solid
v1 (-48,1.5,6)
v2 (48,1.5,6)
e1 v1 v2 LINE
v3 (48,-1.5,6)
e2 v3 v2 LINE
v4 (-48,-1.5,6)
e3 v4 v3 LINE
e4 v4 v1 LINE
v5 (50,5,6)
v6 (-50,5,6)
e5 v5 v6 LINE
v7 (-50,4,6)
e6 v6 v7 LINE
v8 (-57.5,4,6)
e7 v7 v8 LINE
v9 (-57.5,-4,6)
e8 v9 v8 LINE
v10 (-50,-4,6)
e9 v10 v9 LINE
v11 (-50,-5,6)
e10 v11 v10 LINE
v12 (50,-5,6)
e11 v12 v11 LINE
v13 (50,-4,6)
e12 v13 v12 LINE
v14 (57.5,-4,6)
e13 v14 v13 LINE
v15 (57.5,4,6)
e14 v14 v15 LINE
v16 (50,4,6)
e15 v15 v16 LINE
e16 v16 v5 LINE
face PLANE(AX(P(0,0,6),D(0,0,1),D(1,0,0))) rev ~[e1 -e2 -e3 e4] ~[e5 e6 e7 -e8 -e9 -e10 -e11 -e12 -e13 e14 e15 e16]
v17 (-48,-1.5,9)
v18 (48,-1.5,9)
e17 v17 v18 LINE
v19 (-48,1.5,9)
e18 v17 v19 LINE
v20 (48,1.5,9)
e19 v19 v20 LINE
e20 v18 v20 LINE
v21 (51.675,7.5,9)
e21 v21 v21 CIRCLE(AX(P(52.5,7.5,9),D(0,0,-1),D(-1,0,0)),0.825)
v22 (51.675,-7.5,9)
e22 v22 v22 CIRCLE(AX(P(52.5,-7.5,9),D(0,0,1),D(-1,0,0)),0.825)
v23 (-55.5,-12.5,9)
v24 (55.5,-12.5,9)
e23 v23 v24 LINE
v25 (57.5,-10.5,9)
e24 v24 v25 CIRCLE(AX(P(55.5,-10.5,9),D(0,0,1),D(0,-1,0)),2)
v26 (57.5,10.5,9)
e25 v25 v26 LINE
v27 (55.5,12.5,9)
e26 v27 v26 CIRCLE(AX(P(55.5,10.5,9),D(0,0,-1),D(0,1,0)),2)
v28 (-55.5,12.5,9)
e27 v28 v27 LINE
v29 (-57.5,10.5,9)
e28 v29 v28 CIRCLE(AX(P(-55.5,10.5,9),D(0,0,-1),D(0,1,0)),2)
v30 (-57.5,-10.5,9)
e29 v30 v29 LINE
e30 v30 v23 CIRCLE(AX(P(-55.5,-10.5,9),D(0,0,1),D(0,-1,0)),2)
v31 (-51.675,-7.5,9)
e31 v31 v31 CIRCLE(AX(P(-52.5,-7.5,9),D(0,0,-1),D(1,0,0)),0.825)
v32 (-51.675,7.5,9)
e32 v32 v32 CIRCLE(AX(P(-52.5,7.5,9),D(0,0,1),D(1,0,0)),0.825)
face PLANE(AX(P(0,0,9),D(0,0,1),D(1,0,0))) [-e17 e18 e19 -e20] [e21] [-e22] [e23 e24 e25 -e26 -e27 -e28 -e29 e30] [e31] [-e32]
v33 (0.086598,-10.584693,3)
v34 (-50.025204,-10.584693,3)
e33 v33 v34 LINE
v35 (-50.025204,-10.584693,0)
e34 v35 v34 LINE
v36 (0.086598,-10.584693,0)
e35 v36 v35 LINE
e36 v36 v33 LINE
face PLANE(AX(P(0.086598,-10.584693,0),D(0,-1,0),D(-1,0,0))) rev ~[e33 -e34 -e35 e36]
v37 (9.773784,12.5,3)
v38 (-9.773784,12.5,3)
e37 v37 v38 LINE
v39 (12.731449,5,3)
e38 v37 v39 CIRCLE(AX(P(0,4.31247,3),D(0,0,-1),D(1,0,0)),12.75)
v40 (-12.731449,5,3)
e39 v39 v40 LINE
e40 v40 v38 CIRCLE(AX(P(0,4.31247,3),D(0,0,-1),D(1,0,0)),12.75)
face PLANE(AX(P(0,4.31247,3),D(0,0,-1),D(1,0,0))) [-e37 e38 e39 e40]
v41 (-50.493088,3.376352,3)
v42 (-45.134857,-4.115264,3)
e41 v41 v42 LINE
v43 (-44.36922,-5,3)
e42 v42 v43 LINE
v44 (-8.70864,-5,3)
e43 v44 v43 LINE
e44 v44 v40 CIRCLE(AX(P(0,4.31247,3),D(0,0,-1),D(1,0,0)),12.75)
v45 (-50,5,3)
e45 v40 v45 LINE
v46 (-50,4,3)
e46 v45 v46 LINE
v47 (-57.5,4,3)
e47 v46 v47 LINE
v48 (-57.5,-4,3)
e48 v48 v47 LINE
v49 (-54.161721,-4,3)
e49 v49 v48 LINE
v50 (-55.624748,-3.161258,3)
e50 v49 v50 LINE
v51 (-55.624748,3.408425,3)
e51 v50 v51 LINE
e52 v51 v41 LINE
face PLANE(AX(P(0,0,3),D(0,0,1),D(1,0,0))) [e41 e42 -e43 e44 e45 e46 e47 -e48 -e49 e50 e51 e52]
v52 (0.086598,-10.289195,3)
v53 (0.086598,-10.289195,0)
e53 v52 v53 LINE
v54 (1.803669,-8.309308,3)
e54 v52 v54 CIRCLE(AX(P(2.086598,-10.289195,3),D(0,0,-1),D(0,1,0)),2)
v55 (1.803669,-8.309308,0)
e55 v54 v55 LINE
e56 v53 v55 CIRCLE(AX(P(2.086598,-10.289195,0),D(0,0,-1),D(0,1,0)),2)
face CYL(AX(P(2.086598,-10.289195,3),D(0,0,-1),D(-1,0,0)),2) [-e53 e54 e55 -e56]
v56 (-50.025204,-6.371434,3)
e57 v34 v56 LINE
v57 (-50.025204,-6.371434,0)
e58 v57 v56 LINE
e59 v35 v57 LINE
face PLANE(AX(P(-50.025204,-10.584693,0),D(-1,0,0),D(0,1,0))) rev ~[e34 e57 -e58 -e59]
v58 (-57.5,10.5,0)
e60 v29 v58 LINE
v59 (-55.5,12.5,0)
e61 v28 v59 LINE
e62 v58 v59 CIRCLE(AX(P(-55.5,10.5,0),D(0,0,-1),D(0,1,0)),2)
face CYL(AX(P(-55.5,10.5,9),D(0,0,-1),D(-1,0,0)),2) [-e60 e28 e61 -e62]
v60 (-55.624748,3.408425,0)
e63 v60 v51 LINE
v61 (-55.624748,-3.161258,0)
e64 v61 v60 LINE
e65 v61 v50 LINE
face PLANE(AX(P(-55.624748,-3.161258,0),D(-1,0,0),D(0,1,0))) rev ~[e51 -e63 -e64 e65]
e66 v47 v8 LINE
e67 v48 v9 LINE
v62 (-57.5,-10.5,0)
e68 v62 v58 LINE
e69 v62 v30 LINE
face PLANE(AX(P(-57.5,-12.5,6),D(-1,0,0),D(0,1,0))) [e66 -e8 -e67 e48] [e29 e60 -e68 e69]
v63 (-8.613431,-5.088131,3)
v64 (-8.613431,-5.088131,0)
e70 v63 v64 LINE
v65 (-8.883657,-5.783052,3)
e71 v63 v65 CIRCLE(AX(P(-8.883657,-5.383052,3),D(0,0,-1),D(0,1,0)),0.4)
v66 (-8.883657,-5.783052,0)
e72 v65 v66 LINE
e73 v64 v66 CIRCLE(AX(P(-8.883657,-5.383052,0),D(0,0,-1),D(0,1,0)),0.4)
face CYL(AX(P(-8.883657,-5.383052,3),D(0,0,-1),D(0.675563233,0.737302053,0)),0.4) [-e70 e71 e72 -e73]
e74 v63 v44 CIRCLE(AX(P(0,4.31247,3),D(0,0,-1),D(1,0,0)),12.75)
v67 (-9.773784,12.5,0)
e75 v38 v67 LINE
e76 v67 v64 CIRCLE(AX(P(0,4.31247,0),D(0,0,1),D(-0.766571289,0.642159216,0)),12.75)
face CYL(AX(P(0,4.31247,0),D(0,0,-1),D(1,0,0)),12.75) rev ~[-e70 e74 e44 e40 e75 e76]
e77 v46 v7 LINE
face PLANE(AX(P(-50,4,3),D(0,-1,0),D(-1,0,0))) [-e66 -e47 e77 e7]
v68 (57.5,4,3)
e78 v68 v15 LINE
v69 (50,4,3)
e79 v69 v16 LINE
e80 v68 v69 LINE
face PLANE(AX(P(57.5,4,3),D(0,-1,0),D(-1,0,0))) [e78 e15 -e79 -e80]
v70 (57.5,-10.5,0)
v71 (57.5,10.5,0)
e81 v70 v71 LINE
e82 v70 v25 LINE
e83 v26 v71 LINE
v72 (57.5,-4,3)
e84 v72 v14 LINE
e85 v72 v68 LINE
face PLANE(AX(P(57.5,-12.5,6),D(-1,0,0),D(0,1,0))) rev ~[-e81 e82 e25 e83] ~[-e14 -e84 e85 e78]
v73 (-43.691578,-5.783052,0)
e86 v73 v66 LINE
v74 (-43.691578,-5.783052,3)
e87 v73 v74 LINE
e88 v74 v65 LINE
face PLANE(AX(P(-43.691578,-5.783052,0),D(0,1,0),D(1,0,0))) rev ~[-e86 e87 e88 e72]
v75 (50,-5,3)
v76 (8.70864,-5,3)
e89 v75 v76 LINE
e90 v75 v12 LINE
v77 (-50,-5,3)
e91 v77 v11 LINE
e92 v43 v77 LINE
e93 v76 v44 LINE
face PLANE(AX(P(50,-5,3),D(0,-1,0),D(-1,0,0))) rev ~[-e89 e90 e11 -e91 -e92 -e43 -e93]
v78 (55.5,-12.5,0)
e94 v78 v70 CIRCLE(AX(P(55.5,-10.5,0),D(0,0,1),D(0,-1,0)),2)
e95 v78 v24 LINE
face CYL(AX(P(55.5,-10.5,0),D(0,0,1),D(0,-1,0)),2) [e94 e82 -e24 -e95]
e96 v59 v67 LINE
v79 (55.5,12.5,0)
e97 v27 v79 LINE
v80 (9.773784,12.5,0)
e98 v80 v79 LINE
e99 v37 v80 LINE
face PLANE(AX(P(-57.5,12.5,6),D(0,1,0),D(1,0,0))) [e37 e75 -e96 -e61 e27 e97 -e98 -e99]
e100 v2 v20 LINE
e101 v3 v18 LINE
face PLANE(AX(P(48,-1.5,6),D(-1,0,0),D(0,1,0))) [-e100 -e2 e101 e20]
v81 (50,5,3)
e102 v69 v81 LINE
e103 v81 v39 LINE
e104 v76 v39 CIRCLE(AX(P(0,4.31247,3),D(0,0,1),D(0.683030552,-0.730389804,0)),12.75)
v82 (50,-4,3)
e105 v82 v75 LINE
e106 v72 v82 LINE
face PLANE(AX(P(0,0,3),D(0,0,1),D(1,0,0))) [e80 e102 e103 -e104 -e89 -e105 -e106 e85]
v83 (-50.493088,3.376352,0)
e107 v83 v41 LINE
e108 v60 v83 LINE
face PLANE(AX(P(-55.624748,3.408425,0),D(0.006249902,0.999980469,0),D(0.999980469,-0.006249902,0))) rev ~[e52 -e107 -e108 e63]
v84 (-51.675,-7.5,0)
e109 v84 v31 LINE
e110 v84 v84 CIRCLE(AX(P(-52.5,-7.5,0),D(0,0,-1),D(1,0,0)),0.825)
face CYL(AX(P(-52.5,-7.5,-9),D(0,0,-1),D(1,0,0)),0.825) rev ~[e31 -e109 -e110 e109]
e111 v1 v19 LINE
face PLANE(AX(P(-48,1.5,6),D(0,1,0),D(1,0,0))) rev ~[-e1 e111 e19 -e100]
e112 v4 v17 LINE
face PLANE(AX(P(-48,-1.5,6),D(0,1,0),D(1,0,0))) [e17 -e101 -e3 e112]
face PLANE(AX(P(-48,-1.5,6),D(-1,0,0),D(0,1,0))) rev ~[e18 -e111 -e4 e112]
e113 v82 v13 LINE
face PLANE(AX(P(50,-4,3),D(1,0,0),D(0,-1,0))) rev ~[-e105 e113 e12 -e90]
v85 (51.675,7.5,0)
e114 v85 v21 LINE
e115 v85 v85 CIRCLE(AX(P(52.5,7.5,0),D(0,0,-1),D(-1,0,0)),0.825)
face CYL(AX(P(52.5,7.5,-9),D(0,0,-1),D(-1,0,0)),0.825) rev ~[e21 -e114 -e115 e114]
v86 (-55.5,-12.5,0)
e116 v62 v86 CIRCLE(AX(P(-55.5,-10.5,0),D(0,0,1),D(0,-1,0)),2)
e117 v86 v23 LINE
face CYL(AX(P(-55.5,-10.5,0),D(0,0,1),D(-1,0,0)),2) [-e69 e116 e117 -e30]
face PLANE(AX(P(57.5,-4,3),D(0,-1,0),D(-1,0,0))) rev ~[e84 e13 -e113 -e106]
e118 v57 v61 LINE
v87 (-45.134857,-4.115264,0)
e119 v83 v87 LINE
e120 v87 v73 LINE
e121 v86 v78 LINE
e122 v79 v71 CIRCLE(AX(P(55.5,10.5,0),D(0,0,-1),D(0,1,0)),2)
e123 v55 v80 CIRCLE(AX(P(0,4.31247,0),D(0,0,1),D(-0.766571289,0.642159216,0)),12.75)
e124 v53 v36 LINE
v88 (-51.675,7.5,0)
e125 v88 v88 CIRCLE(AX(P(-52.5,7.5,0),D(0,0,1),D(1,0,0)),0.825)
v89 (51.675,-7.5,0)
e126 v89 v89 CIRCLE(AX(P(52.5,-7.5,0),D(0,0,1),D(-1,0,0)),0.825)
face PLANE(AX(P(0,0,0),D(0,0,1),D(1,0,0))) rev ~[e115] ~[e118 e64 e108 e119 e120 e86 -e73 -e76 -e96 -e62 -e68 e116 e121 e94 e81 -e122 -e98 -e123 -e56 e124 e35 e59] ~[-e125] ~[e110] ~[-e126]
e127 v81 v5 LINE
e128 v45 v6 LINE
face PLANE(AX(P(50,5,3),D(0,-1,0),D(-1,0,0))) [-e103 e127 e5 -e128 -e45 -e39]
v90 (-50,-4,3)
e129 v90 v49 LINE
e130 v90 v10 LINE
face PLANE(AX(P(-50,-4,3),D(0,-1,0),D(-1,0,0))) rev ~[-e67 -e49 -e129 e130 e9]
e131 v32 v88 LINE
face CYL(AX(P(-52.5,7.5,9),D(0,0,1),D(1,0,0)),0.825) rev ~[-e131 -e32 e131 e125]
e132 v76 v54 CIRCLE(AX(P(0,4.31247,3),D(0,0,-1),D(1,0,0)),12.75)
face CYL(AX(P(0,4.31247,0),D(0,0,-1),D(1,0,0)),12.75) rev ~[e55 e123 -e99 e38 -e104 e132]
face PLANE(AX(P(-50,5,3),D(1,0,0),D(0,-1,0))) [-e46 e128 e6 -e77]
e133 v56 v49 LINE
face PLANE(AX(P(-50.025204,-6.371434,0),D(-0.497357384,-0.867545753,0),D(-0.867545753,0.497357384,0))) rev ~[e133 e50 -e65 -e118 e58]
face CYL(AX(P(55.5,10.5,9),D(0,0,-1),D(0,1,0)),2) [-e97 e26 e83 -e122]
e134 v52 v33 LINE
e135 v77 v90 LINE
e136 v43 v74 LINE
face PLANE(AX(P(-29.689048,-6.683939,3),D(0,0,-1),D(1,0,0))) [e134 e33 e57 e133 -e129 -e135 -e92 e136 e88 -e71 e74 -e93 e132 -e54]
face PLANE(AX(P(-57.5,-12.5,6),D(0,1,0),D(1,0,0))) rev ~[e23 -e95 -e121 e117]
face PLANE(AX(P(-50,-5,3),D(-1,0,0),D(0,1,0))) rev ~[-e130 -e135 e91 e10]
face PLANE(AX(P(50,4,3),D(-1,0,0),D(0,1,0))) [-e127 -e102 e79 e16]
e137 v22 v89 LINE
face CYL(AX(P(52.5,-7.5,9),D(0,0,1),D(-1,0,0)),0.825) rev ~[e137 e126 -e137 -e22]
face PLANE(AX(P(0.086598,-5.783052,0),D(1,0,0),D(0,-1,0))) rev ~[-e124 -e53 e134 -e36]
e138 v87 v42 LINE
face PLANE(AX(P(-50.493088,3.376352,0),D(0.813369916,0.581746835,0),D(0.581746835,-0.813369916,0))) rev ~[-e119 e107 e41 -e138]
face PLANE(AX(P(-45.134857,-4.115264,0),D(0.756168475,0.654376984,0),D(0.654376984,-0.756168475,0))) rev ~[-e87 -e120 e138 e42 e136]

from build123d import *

# Parameters (mm, degrees)
SKETCH_W              = 115
SKETCH_H              = 25
PAD_DEPTH             = 3
PAD001_DEPTH          = 3
SKETCH002_W           = 115
SKETCH002_H           = 25
SKETCH002_W_2         = 96
SKETCH002_H_2         = 3
PAD002_DEPTH          = 3
SKETCH003_R           = 0.825
POCKET_DEPTH          = 245.060315
POLARPATTERN_COUNT    = 2
POLARPATTERN001_COUNT = 2
POLARPATTERN002_COUNT = 2
FILLET_R              = 2
SKETCH004_R           = 12.75
POCKET001_DEPTH       = 3
POCKET002_DEPTH       = 3
FILLET001_R           = 0.4
FILLET002_R           = 2


with BuildPart() as part:
    # Sketch → Pad (new body)
    with BuildSketch(Plane.XY):
        Rectangle(SKETCH_W, SKETCH_H)
    extrude(amount=PAD_DEPTH)

    # Sketch001 (on Face6 of Pad) → Pad001 (join)
    with BuildSketch(Plane.XY.offset(3)):
        Polygon((-57.5, 12.5), (57.5, 12.5), (57.5, 4), (50, 4), (50, 5), (-50, 5), (-50, 4), (-57.5, 4), align=None)
        Polygon((-57.5, -12.5), (57.5, -12.5), (57.5, -4), (50, -4), (50, -5), (-50, -5), (-50, -4), (-57.5, -4), align=None)
    extrude(amount=PAD001_DEPTH)

    # Sketch002 (on Face12 of Pad001) → Pad002 (join)
    with BuildSketch(Plane.XY.offset(6)):
        Rectangle(SKETCH002_W, SKETCH002_H)
        Rectangle(SKETCH002_W_2, SKETCH002_H_2, mode=Mode.SUBTRACT)
    extrude(amount=PAD002_DEPTH)

    # Sketch003 (on Face26 of Pad002) → Pocket (cut, through all)
    with BuildSketch(Plane.XY.offset(9)):
        with Locations((-52.5, 7.5)):
            Circle(SKETCH003_R)
    pocket = extrude(amount=-POCKET_DEPTH, mode=Mode.SUBTRACT)

    # PolarPattern: Pocket ×2 about axis
    polarpattern_axis = Axis((0, 0, 0), (0, 1, 0))
    for i in range(1, POLARPATTERN_COUNT):
        add(pocket.rotate(polarpattern_axis, i * 360 / POLARPATTERN_COUNT), mode=Mode.SUBTRACT)

    # PolarPattern001: Pocket ×2 about axis
    polarpattern001_axis = Axis((0, 0, 0), (1, 0, 0))
    for i in range(1, POLARPATTERN001_COUNT):
        add(pocket.rotate(polarpattern001_axis, i * 360 / POLARPATTERN001_COUNT), mode=Mode.SUBTRACT)

    # PolarPattern002: Pocket ×2 about axis
    polarpattern002_axis = Axis((0, 0, 9), (0, 0, 1))
    for i in range(1, POLARPATTERN002_COUNT):
        add(pocket.rotate(polarpattern002_axis, i * 360 / POLARPATTERN002_COUNT), mode=Mode.SUBTRACT)

    # Fillet
    fillet_edges = [part.edges().sort_by_distance(p)[0] for p in [
        (57.5, 12.5, 7.5),
        (57.5, 12.5, 4.5),
        (57.5, 12.5, 1.5),
        (57.5, -12.5, 7.5),
        (-57.5, 12.5, 7.5),
        (-57.5, -12.5, 7.5),
    ]]
    fillet(fillet_edges, radius=FILLET_R)

    # Sketch004 (on Face2 of Fillet) → Pocket001 (cut)
    with BuildSketch(Plane(origin=(0, 0, 0), x_dir=(1, 0, 0), z_dir=(0, 0, -1))):
        with Locations((0, -4.31247)):
            Circle(SKETCH004_R)
    extrude(amount=-POCKET001_DEPTH, mode=Mode.SUBTRACT)

    # Sketch005 (on Face2 of Pocket001) → Pocket002 (cut)
    with BuildSketch(Plane(origin=(0, 0, 0), x_dir=(1, 0, 0), z_dir=(0, 0, -1))):
        Polygon((0.086598, 10.584693), (-50.025204, 10.584693), (-50.025204, 6.371434), (-55.624748, 3.161258), (-55.624748, -3.408425), (-50.493088, -3.376352), (-45.134857, 4.115264), (-43.691578, 5.783052), (0.086598, 5.783052), align=None)
    extrude(amount=-POCKET002_DEPTH, mode=Mode.SUBTRACT)

    # Fillet001
    fillet001_edges = [part.edges().sort_by_distance(p)[0] for p in [
        (-7.787357, -5.783052, 1.5),
    ]]
    fillet(fillet001_edges, radius=FILLET001_R)

    # Fillet002
    fillet002_edges = [part.edges().sort_by_distance(p)[0] for p in [
        (0.086598, -8.437236, 1.5),
    ]]
    fillet(fillet002_edges, radius=FILLET002_R)


solid = part.part
